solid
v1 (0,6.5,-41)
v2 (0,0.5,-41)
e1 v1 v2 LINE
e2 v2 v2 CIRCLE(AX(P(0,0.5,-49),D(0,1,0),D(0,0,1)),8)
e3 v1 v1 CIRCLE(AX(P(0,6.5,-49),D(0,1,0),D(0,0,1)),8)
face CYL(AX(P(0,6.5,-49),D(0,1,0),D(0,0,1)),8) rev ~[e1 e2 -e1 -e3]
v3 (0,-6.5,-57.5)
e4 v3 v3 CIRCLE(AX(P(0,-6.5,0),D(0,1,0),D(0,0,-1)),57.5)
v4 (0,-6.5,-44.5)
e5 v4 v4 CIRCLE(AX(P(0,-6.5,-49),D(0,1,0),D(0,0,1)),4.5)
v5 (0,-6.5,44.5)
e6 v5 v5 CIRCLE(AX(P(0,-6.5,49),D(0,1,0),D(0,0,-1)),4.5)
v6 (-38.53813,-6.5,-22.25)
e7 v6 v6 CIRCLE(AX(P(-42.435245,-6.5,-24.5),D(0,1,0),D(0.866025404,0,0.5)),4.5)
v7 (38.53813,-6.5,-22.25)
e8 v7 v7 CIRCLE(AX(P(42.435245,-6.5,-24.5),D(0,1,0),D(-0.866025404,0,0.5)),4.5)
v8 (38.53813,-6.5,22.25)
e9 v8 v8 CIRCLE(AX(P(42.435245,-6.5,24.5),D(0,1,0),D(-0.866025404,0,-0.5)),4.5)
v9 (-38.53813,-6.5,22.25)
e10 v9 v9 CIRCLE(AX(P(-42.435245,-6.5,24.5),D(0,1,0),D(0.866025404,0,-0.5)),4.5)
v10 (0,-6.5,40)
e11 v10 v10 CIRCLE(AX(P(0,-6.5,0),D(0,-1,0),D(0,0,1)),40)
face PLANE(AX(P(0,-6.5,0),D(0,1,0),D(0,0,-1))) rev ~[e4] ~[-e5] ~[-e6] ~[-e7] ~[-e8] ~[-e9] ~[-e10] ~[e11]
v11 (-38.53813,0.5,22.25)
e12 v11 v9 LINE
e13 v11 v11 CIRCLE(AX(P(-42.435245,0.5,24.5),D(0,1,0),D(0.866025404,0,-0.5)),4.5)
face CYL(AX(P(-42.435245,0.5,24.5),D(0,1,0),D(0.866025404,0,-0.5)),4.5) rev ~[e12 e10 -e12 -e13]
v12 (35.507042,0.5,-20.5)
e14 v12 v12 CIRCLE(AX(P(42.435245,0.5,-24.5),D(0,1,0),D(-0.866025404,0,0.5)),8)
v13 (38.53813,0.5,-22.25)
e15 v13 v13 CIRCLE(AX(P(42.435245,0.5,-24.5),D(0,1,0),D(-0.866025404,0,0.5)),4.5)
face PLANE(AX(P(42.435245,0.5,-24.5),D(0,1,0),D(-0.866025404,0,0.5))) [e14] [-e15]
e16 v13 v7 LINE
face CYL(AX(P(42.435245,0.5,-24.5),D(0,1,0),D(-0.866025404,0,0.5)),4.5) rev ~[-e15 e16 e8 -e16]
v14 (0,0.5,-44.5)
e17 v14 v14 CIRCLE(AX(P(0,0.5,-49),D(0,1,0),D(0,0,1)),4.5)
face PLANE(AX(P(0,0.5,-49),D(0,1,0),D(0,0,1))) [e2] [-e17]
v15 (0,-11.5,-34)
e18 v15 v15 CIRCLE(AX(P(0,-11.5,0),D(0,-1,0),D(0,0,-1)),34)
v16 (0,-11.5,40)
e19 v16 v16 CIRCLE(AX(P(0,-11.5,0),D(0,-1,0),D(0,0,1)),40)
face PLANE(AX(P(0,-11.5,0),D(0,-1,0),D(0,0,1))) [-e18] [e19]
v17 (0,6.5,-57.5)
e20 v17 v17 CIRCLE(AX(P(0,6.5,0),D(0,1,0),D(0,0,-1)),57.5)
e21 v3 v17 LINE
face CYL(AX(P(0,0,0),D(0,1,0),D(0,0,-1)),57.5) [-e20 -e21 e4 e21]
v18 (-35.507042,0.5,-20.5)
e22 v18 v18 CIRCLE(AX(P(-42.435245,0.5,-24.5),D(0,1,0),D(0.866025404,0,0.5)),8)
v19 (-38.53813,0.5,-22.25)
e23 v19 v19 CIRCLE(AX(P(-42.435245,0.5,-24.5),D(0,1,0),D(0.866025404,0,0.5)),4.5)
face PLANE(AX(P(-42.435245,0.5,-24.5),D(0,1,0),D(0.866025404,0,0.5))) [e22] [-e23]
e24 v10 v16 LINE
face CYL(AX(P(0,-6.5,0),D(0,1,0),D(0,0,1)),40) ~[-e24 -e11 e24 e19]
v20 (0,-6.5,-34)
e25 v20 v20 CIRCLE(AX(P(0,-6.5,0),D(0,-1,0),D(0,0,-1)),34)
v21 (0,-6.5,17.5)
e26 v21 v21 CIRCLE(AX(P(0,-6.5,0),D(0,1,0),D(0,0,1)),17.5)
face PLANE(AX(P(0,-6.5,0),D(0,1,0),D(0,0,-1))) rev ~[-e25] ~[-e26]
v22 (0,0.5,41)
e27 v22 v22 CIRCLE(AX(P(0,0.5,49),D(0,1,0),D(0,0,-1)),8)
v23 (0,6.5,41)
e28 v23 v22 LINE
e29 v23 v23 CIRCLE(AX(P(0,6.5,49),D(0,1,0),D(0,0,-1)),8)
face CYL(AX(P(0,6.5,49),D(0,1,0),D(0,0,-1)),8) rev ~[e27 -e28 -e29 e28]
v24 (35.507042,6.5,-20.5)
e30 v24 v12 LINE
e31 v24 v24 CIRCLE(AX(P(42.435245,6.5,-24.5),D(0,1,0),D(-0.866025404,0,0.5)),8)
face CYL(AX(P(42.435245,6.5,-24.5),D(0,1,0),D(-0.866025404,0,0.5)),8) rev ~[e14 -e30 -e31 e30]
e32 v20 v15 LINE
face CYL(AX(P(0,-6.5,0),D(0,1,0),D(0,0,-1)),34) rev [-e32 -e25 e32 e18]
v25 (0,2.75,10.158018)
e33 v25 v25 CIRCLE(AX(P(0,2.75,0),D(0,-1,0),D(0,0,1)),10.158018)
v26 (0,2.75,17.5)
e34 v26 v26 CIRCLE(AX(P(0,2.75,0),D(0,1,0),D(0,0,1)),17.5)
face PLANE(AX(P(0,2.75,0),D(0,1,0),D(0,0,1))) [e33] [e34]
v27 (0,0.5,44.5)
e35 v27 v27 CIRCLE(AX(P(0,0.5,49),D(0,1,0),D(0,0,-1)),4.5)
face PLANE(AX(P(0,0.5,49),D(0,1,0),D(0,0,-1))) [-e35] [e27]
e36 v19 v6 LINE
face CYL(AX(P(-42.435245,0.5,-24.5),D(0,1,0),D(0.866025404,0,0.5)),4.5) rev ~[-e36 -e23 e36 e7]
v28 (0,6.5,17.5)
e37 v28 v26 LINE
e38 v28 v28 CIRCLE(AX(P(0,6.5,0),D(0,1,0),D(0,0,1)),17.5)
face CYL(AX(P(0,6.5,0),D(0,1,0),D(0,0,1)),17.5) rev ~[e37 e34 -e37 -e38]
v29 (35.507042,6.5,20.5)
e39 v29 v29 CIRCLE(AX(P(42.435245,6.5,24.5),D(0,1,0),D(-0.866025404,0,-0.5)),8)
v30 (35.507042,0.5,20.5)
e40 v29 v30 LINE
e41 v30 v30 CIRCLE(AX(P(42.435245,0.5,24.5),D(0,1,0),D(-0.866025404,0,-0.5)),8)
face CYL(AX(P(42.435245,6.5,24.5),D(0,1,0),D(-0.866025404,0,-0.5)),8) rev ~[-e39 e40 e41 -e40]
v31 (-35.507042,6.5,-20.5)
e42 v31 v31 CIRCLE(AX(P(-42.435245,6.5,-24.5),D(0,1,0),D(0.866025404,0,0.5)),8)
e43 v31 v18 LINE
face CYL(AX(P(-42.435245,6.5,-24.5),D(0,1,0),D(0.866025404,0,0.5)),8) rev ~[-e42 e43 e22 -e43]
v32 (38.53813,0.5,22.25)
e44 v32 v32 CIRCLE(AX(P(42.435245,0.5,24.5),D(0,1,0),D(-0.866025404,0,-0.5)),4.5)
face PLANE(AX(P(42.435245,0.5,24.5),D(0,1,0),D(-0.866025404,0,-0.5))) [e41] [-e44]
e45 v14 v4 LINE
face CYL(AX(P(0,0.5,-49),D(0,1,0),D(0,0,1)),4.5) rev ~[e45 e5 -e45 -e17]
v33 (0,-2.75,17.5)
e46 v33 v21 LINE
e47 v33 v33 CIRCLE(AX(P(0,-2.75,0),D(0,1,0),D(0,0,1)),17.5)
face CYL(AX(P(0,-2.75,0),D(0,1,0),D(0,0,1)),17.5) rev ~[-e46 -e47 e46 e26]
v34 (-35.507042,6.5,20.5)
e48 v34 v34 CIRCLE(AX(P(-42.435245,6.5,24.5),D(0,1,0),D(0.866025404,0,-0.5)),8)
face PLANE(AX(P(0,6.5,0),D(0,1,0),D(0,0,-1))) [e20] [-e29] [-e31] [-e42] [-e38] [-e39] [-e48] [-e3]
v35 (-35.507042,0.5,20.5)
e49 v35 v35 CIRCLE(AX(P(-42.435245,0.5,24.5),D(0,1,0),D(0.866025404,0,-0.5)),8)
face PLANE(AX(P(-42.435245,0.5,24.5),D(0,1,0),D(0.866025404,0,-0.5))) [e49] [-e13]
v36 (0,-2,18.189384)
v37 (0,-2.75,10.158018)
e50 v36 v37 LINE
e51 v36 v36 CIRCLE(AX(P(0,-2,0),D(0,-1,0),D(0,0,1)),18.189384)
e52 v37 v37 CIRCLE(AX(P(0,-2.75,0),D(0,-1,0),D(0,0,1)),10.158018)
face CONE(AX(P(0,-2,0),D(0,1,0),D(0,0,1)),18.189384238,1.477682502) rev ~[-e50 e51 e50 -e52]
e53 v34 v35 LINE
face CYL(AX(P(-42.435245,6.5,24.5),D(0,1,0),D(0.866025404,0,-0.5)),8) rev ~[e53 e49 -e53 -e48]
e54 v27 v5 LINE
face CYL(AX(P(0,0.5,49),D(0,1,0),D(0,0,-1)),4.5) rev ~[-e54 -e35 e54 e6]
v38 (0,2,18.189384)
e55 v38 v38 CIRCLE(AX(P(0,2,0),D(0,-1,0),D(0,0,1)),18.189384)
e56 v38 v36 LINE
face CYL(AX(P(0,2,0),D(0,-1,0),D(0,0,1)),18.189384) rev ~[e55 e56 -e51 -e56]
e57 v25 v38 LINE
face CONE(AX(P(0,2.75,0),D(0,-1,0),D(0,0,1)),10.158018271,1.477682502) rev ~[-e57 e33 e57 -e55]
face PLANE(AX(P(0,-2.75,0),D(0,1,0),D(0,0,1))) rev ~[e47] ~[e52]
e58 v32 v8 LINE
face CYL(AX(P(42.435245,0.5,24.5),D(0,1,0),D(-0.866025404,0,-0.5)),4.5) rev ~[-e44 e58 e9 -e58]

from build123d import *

# Parameters (mm, degrees)
SKETCH_1_R               = 57.5
EXTRUDE_1_DEPTH          = 6.5
SKETCH_3_R               = 8
CUT_EXTRUDE_1_DEPTH      = 6
SKETCH_4_R               = 4.5
CUT_EXTRUDE_2_DEPTH      = 82.618012718
PATTERN_CIRCULAR_1_COUNT = 6
SKETCH_6_R               = 17.5
CUT_EXTRUDE_3_DEPTH      = 3.75
SKETCH_9_R               = 17.5
CUT_EXTRUDE_4_DEPTH      = 3.75
SKETCH_10_R              = 40
SKETCH_10_R_2            = 34
EXTRUDE_2_DEPTH          = 5


with BuildPart() as part:
    # 草图1 → 凸台-拉伸1 (new, symmetric)
    with BuildSketch(Plane(origin=(0, 0, 0), x_dir=(1, 0, 0), z_dir=(0, 1, 0))):
        with Locations(Location((0, 0, 0), (0, 0, 90))):
            Circle(SKETCH_1_R)
    extrude(amount=EXTRUDE_1_DEPTH, both=True)

    # 草图3 → 切除-拉伸1 (cut)
    with BuildSketch(Plane(origin=(0, 6.5, 0), x_dir=(1, 0, 0), z_dir=(0, 1, 0))):
        with Locations(Location((0, 49, 0), (0, 0, 270))):
            Circle(SKETCH_3_R)
    cut_extrude_1 = extrude(amount=-CUT_EXTRUDE_1_DEPTH, mode=Mode.SUBTRACT)

    # 草图4 → 切除-拉伸2 (cut, through all)
    with BuildSketch(Plane(origin=(0, 0.5, 0), x_dir=(1, 0, 0), z_dir=(0, 1, 0))):
        with Locations(Location((0, 49, 0), (0, 0, 270))):
            Circle(SKETCH_4_R)
    cut_extrude_2 = extrude(amount=-CUT_EXTRUDE_2_DEPTH, mode=Mode.SUBTRACT)

    # 阵列(圆周)1: 切除-拉伸1, 切除-拉伸2 ×6 about axis
    pattern_circular_1_axis = Axis((0, 0, 0), (0, 1, 0))
    add([cut_extrude_1.rotate(pattern_circular_1_axis, i * 360 / PATTERN_CIRCULAR_1_COUNT) for i in range(1, PATTERN_CIRCULAR_1_COUNT)], mode=Mode.SUBTRACT)
    add([cut_extrude_2.rotate(pattern_circular_1_axis, i * 360 / PATTERN_CIRCULAR_1_COUNT) for i in range(1, PATTERN_CIRCULAR_1_COUNT)], mode=Mode.SUBTRACT)

    # 草图6 → 切除-拉伸3 (cut)
    with BuildSketch(Plane(origin=(0, 6.5, 0), x_dir=(1, 0, 0), z_dir=(0, 1, 0))):
        with Locations(Location((0, 0, 0), (0, 0, 270))):
            Circle(SKETCH_6_R)
    extrude(amount=-CUT_EXTRUDE_3_DEPTH, mode=Mode.SUBTRACT)

    # 草图8 → 切除-旋转1 (revolve, cut)
    with BuildSketch(Plane.XY, mode=Mode.PRIVATE) as cut_revolve_1_sk:
        Polygon((-10.158018271, 2.75), (-18.189384238, 2), (-18.189384238, -2), (-10.158018271, -2.75), (0, -2.75), (0, 2.75), align=None)
    revolve(cut_revolve_1_sk.sketch.rotate(Axis((0, 37.664252475, 0), (0, -1, 0)), 270), axis=Axis((0, 37.664252475, 0), (0, -1, 0)), mode=Mode.SUBTRACT)

    # 草图9 → 切除-拉伸4 (cut)
    with BuildSketch(Plane(origin=(0, -2.75, 0), x_dir=(1, 0, 0), z_dir=(0, 1, 0))):
        with Locations(Location((0, 0, 0), (0, 0, 270))):
            Circle(SKETCH_9_R)
    extrude(amount=-CUT_EXTRUDE_4_DEPTH, mode=Mode.SUBTRACT)

    # 草图10 → 凸台-拉伸2 (add)
    with BuildSketch(Plane.XZ.offset(6.5)):
        with Locations(Location((0, 0, 0), (0, 0, 90))):
            Circle(SKETCH_10_R)
        with Locations(Location((0, 0, 0), (0, 0, 270))):
            Circle(SKETCH_10_R_2, mode=Mode.SUBTRACT)
    extrude(amount=EXTRUDE_2_DEPTH)


solid = part.part
